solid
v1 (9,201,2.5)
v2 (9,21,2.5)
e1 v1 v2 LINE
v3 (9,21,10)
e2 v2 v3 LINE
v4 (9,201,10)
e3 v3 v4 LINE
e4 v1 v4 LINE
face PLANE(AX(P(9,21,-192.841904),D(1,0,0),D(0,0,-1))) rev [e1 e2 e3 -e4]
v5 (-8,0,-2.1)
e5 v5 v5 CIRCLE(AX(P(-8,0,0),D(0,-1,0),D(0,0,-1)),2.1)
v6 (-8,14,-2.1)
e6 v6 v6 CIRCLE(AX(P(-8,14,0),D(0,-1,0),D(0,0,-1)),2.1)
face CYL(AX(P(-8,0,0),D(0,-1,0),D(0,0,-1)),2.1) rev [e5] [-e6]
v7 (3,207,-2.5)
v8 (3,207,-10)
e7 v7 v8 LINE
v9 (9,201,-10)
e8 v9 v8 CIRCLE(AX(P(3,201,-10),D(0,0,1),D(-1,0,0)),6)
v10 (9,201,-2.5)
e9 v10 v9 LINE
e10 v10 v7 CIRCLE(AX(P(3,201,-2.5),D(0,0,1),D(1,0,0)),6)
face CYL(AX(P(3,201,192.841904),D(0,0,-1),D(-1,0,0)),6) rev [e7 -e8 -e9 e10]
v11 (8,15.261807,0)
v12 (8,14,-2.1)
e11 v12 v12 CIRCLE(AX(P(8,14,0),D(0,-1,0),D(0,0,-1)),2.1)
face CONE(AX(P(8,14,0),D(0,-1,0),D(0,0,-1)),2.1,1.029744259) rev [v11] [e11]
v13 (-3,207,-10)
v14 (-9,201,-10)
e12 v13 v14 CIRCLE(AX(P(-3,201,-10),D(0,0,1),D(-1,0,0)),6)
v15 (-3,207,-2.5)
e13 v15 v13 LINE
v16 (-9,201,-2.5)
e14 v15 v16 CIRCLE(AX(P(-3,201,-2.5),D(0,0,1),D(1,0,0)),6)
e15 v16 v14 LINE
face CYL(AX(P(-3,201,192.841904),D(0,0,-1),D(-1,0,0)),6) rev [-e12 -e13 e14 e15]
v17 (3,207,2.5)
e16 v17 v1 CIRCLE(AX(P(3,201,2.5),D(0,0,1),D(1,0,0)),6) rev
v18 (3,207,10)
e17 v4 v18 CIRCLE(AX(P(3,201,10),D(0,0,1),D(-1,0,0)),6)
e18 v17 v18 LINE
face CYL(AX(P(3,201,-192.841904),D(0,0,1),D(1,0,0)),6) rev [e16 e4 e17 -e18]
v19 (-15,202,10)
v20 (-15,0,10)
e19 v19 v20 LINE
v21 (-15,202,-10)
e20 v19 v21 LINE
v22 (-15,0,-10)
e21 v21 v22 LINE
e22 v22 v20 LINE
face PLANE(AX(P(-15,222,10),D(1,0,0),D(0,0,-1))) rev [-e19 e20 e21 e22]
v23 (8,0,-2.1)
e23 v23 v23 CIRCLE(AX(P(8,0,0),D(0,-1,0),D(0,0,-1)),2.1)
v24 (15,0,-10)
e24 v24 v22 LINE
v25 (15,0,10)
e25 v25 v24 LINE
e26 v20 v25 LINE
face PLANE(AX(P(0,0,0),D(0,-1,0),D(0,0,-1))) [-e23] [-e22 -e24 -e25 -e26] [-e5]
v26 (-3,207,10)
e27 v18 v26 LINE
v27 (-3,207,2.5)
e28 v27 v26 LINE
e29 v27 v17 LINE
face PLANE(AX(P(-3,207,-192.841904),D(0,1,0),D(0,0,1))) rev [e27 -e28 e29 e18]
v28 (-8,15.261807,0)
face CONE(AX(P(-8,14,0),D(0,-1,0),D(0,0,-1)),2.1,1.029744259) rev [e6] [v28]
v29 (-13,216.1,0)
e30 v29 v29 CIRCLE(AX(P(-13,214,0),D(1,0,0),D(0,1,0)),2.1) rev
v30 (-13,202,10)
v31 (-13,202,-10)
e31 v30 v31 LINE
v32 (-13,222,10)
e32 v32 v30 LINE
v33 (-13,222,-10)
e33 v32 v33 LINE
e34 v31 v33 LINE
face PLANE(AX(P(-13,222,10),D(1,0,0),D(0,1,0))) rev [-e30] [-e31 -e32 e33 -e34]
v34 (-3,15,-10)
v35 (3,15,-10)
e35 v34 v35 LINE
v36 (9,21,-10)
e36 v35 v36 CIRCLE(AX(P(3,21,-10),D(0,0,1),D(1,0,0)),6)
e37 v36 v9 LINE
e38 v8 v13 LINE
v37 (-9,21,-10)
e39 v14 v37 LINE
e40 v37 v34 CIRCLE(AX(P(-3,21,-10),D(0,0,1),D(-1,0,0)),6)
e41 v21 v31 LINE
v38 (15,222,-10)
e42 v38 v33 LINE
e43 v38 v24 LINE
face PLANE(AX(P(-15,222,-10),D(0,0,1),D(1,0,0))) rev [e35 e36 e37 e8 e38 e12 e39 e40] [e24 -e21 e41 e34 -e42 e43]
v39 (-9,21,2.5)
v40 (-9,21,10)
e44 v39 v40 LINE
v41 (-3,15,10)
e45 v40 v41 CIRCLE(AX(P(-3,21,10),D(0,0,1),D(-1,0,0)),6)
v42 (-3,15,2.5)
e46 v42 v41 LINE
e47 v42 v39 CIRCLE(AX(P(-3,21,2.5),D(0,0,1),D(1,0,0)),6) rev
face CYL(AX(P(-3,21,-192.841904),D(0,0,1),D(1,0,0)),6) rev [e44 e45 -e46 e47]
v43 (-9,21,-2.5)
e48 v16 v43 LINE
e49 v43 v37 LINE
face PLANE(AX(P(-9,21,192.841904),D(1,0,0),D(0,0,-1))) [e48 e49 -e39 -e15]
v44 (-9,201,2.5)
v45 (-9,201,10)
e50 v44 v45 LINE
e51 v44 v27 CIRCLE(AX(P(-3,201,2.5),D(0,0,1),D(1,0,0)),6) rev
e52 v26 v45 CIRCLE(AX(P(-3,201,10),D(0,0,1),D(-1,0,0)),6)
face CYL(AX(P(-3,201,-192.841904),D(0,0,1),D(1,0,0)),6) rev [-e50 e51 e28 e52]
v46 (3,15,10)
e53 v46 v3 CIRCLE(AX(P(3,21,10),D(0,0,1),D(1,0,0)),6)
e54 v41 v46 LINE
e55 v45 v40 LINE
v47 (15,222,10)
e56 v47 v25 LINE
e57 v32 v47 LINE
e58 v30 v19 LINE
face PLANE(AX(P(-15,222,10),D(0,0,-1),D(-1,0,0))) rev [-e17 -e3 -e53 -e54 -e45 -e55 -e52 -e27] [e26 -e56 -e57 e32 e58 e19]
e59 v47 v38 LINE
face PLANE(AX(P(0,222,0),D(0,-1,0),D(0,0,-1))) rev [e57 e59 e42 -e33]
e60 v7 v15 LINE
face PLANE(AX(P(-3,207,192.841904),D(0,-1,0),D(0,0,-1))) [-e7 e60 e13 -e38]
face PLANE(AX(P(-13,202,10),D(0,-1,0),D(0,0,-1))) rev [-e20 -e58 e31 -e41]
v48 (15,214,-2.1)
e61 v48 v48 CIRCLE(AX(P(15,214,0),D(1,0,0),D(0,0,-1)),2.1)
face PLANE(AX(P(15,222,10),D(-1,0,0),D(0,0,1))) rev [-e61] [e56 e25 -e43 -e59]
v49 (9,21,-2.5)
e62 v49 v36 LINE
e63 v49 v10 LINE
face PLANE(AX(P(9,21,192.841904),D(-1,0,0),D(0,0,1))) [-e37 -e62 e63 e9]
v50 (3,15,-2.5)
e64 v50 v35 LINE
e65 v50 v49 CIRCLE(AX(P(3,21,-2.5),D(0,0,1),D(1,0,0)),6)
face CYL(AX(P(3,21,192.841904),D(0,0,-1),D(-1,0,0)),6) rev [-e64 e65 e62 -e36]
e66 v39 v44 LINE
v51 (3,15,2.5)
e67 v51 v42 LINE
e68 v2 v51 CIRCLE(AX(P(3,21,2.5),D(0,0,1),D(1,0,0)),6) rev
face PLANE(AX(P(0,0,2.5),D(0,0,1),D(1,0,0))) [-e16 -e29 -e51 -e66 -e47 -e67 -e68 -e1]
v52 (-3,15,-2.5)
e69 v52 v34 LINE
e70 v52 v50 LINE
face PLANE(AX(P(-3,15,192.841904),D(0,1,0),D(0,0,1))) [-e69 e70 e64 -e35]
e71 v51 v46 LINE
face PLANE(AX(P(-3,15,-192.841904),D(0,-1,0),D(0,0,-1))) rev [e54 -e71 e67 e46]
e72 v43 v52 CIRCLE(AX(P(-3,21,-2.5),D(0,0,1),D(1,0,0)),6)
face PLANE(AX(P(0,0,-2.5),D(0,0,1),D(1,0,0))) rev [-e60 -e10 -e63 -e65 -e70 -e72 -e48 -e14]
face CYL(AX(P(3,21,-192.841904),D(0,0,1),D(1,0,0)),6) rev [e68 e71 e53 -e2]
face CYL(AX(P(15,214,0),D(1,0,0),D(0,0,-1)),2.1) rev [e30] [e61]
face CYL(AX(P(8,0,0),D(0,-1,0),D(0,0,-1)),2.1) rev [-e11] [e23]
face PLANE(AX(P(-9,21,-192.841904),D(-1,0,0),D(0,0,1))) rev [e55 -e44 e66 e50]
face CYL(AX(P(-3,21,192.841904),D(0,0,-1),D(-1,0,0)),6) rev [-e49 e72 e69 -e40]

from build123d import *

# Parameters (mm, degrees)
SKETCH_1_W             = 30
SKETCH_1_H             = 20
EXTRUDE_1_DEPTH        = 222
CUT_EXTRUDE_1_DEPTH    = 7.5
HOLE_WIZARD_M5_1_D     = 4.2
HOLE_WIZARD_M5_1_DEPTH = 14
HOLE_WIZARD_M5_1_TIP   = 1.2618073
HOLE_WIZARD_M5_2_D     = 4.2
CUT_EXTRUDE_2_DEPTH    = 224.403222895


with BuildPart() as part:
    # 草图1 → 凸台-拉伸1 (new body)
    with BuildSketch(Plane(origin=(0, 0, 0), x_dir=(1, 0, 0), z_dir=(0, 1, 0))):
        Rectangle(SKETCH_1_W, SKETCH_1_H)
    extrude(amount=EXTRUDE_1_DEPTH)

    # 草图2 → 切除-拉伸1 (cut)
    with BuildSketch(Plane.XY.offset(-10)):
        with BuildLine():
            Line((-3, 15), (3, 15))
            ThreePointArc((3, 15), (7.242640687, 16.757359313), (9, 21))
            Line((9, 21), (9, 201))
            ThreePointArc((9, 201), (7.242640687, 205.242640687), (3, 207))
            Line((3, 207), (-3, 207))
            ThreePointArc((-3, 207), (-7.242640687, 205.242640687), (-9, 201))
            Line((-9, 201), (-9, 21))
            ThreePointArc((-9, 21), (-7.242640687, 16.757359313), (-3, 15))
        make_face()
    cut_extrude_1 = extrude(amount=CUT_EXTRUDE_1_DEPTH, mode=Mode.SUBTRACT)

    # 镜向1: 切除-拉伸1 across plane
    add(cut_extrude_1.mirror(Plane.XY), mode=Mode.SUBTRACT)

    # M5 螺纹孔1
    with Locations(Plane(origin=(0, 0, 0), x_dir=(-1, 0, 0), z_dir=(0, -1, 0))):
        with Locations((8, 0), (-8, 0)):
            Hole(HOLE_WIZARD_M5_1_D / 2, depth=HOLE_WIZARD_M5_1_DEPTH)
            with Locations((0, 0, -(HOLE_WIZARD_M5_1_DEPTH + HOLE_WIZARD_M5_1_TIP / 2))):  # 118° drill point
                Cone(0, HOLE_WIZARD_M5_1_D / 2, HOLE_WIZARD_M5_1_TIP, mode=Mode.SUBTRACT)

    # M5 螺纹孔2 (through all)
    with Locations(Plane(origin=(15, 0, 0), x_dir=(0, 0, -1), z_dir=(1, 0, 0))):
        with Locations((0, 214)):
            Hole(HOLE_WIZARD_M5_2_D / 2)

    # 草图7 → 切除-拉伸2 (cut, through all)
    with BuildSketch(Plane(origin=(0, 0, 10), x_dir=(-1, 0, 0), z_dir=(0, 0, -1))):
        Polygon((13, 679.517597419), (13, 222), (13, 202), (15, 202), (472.517597419, 202), (1131.852642703, 836.481446423), (672.335045283, 1313.999043842), align=None)
    extrude(amount=CUT_EXTRUDE_2_DEPTH, mode=Mode.SUBTRACT)


solid = part.part
